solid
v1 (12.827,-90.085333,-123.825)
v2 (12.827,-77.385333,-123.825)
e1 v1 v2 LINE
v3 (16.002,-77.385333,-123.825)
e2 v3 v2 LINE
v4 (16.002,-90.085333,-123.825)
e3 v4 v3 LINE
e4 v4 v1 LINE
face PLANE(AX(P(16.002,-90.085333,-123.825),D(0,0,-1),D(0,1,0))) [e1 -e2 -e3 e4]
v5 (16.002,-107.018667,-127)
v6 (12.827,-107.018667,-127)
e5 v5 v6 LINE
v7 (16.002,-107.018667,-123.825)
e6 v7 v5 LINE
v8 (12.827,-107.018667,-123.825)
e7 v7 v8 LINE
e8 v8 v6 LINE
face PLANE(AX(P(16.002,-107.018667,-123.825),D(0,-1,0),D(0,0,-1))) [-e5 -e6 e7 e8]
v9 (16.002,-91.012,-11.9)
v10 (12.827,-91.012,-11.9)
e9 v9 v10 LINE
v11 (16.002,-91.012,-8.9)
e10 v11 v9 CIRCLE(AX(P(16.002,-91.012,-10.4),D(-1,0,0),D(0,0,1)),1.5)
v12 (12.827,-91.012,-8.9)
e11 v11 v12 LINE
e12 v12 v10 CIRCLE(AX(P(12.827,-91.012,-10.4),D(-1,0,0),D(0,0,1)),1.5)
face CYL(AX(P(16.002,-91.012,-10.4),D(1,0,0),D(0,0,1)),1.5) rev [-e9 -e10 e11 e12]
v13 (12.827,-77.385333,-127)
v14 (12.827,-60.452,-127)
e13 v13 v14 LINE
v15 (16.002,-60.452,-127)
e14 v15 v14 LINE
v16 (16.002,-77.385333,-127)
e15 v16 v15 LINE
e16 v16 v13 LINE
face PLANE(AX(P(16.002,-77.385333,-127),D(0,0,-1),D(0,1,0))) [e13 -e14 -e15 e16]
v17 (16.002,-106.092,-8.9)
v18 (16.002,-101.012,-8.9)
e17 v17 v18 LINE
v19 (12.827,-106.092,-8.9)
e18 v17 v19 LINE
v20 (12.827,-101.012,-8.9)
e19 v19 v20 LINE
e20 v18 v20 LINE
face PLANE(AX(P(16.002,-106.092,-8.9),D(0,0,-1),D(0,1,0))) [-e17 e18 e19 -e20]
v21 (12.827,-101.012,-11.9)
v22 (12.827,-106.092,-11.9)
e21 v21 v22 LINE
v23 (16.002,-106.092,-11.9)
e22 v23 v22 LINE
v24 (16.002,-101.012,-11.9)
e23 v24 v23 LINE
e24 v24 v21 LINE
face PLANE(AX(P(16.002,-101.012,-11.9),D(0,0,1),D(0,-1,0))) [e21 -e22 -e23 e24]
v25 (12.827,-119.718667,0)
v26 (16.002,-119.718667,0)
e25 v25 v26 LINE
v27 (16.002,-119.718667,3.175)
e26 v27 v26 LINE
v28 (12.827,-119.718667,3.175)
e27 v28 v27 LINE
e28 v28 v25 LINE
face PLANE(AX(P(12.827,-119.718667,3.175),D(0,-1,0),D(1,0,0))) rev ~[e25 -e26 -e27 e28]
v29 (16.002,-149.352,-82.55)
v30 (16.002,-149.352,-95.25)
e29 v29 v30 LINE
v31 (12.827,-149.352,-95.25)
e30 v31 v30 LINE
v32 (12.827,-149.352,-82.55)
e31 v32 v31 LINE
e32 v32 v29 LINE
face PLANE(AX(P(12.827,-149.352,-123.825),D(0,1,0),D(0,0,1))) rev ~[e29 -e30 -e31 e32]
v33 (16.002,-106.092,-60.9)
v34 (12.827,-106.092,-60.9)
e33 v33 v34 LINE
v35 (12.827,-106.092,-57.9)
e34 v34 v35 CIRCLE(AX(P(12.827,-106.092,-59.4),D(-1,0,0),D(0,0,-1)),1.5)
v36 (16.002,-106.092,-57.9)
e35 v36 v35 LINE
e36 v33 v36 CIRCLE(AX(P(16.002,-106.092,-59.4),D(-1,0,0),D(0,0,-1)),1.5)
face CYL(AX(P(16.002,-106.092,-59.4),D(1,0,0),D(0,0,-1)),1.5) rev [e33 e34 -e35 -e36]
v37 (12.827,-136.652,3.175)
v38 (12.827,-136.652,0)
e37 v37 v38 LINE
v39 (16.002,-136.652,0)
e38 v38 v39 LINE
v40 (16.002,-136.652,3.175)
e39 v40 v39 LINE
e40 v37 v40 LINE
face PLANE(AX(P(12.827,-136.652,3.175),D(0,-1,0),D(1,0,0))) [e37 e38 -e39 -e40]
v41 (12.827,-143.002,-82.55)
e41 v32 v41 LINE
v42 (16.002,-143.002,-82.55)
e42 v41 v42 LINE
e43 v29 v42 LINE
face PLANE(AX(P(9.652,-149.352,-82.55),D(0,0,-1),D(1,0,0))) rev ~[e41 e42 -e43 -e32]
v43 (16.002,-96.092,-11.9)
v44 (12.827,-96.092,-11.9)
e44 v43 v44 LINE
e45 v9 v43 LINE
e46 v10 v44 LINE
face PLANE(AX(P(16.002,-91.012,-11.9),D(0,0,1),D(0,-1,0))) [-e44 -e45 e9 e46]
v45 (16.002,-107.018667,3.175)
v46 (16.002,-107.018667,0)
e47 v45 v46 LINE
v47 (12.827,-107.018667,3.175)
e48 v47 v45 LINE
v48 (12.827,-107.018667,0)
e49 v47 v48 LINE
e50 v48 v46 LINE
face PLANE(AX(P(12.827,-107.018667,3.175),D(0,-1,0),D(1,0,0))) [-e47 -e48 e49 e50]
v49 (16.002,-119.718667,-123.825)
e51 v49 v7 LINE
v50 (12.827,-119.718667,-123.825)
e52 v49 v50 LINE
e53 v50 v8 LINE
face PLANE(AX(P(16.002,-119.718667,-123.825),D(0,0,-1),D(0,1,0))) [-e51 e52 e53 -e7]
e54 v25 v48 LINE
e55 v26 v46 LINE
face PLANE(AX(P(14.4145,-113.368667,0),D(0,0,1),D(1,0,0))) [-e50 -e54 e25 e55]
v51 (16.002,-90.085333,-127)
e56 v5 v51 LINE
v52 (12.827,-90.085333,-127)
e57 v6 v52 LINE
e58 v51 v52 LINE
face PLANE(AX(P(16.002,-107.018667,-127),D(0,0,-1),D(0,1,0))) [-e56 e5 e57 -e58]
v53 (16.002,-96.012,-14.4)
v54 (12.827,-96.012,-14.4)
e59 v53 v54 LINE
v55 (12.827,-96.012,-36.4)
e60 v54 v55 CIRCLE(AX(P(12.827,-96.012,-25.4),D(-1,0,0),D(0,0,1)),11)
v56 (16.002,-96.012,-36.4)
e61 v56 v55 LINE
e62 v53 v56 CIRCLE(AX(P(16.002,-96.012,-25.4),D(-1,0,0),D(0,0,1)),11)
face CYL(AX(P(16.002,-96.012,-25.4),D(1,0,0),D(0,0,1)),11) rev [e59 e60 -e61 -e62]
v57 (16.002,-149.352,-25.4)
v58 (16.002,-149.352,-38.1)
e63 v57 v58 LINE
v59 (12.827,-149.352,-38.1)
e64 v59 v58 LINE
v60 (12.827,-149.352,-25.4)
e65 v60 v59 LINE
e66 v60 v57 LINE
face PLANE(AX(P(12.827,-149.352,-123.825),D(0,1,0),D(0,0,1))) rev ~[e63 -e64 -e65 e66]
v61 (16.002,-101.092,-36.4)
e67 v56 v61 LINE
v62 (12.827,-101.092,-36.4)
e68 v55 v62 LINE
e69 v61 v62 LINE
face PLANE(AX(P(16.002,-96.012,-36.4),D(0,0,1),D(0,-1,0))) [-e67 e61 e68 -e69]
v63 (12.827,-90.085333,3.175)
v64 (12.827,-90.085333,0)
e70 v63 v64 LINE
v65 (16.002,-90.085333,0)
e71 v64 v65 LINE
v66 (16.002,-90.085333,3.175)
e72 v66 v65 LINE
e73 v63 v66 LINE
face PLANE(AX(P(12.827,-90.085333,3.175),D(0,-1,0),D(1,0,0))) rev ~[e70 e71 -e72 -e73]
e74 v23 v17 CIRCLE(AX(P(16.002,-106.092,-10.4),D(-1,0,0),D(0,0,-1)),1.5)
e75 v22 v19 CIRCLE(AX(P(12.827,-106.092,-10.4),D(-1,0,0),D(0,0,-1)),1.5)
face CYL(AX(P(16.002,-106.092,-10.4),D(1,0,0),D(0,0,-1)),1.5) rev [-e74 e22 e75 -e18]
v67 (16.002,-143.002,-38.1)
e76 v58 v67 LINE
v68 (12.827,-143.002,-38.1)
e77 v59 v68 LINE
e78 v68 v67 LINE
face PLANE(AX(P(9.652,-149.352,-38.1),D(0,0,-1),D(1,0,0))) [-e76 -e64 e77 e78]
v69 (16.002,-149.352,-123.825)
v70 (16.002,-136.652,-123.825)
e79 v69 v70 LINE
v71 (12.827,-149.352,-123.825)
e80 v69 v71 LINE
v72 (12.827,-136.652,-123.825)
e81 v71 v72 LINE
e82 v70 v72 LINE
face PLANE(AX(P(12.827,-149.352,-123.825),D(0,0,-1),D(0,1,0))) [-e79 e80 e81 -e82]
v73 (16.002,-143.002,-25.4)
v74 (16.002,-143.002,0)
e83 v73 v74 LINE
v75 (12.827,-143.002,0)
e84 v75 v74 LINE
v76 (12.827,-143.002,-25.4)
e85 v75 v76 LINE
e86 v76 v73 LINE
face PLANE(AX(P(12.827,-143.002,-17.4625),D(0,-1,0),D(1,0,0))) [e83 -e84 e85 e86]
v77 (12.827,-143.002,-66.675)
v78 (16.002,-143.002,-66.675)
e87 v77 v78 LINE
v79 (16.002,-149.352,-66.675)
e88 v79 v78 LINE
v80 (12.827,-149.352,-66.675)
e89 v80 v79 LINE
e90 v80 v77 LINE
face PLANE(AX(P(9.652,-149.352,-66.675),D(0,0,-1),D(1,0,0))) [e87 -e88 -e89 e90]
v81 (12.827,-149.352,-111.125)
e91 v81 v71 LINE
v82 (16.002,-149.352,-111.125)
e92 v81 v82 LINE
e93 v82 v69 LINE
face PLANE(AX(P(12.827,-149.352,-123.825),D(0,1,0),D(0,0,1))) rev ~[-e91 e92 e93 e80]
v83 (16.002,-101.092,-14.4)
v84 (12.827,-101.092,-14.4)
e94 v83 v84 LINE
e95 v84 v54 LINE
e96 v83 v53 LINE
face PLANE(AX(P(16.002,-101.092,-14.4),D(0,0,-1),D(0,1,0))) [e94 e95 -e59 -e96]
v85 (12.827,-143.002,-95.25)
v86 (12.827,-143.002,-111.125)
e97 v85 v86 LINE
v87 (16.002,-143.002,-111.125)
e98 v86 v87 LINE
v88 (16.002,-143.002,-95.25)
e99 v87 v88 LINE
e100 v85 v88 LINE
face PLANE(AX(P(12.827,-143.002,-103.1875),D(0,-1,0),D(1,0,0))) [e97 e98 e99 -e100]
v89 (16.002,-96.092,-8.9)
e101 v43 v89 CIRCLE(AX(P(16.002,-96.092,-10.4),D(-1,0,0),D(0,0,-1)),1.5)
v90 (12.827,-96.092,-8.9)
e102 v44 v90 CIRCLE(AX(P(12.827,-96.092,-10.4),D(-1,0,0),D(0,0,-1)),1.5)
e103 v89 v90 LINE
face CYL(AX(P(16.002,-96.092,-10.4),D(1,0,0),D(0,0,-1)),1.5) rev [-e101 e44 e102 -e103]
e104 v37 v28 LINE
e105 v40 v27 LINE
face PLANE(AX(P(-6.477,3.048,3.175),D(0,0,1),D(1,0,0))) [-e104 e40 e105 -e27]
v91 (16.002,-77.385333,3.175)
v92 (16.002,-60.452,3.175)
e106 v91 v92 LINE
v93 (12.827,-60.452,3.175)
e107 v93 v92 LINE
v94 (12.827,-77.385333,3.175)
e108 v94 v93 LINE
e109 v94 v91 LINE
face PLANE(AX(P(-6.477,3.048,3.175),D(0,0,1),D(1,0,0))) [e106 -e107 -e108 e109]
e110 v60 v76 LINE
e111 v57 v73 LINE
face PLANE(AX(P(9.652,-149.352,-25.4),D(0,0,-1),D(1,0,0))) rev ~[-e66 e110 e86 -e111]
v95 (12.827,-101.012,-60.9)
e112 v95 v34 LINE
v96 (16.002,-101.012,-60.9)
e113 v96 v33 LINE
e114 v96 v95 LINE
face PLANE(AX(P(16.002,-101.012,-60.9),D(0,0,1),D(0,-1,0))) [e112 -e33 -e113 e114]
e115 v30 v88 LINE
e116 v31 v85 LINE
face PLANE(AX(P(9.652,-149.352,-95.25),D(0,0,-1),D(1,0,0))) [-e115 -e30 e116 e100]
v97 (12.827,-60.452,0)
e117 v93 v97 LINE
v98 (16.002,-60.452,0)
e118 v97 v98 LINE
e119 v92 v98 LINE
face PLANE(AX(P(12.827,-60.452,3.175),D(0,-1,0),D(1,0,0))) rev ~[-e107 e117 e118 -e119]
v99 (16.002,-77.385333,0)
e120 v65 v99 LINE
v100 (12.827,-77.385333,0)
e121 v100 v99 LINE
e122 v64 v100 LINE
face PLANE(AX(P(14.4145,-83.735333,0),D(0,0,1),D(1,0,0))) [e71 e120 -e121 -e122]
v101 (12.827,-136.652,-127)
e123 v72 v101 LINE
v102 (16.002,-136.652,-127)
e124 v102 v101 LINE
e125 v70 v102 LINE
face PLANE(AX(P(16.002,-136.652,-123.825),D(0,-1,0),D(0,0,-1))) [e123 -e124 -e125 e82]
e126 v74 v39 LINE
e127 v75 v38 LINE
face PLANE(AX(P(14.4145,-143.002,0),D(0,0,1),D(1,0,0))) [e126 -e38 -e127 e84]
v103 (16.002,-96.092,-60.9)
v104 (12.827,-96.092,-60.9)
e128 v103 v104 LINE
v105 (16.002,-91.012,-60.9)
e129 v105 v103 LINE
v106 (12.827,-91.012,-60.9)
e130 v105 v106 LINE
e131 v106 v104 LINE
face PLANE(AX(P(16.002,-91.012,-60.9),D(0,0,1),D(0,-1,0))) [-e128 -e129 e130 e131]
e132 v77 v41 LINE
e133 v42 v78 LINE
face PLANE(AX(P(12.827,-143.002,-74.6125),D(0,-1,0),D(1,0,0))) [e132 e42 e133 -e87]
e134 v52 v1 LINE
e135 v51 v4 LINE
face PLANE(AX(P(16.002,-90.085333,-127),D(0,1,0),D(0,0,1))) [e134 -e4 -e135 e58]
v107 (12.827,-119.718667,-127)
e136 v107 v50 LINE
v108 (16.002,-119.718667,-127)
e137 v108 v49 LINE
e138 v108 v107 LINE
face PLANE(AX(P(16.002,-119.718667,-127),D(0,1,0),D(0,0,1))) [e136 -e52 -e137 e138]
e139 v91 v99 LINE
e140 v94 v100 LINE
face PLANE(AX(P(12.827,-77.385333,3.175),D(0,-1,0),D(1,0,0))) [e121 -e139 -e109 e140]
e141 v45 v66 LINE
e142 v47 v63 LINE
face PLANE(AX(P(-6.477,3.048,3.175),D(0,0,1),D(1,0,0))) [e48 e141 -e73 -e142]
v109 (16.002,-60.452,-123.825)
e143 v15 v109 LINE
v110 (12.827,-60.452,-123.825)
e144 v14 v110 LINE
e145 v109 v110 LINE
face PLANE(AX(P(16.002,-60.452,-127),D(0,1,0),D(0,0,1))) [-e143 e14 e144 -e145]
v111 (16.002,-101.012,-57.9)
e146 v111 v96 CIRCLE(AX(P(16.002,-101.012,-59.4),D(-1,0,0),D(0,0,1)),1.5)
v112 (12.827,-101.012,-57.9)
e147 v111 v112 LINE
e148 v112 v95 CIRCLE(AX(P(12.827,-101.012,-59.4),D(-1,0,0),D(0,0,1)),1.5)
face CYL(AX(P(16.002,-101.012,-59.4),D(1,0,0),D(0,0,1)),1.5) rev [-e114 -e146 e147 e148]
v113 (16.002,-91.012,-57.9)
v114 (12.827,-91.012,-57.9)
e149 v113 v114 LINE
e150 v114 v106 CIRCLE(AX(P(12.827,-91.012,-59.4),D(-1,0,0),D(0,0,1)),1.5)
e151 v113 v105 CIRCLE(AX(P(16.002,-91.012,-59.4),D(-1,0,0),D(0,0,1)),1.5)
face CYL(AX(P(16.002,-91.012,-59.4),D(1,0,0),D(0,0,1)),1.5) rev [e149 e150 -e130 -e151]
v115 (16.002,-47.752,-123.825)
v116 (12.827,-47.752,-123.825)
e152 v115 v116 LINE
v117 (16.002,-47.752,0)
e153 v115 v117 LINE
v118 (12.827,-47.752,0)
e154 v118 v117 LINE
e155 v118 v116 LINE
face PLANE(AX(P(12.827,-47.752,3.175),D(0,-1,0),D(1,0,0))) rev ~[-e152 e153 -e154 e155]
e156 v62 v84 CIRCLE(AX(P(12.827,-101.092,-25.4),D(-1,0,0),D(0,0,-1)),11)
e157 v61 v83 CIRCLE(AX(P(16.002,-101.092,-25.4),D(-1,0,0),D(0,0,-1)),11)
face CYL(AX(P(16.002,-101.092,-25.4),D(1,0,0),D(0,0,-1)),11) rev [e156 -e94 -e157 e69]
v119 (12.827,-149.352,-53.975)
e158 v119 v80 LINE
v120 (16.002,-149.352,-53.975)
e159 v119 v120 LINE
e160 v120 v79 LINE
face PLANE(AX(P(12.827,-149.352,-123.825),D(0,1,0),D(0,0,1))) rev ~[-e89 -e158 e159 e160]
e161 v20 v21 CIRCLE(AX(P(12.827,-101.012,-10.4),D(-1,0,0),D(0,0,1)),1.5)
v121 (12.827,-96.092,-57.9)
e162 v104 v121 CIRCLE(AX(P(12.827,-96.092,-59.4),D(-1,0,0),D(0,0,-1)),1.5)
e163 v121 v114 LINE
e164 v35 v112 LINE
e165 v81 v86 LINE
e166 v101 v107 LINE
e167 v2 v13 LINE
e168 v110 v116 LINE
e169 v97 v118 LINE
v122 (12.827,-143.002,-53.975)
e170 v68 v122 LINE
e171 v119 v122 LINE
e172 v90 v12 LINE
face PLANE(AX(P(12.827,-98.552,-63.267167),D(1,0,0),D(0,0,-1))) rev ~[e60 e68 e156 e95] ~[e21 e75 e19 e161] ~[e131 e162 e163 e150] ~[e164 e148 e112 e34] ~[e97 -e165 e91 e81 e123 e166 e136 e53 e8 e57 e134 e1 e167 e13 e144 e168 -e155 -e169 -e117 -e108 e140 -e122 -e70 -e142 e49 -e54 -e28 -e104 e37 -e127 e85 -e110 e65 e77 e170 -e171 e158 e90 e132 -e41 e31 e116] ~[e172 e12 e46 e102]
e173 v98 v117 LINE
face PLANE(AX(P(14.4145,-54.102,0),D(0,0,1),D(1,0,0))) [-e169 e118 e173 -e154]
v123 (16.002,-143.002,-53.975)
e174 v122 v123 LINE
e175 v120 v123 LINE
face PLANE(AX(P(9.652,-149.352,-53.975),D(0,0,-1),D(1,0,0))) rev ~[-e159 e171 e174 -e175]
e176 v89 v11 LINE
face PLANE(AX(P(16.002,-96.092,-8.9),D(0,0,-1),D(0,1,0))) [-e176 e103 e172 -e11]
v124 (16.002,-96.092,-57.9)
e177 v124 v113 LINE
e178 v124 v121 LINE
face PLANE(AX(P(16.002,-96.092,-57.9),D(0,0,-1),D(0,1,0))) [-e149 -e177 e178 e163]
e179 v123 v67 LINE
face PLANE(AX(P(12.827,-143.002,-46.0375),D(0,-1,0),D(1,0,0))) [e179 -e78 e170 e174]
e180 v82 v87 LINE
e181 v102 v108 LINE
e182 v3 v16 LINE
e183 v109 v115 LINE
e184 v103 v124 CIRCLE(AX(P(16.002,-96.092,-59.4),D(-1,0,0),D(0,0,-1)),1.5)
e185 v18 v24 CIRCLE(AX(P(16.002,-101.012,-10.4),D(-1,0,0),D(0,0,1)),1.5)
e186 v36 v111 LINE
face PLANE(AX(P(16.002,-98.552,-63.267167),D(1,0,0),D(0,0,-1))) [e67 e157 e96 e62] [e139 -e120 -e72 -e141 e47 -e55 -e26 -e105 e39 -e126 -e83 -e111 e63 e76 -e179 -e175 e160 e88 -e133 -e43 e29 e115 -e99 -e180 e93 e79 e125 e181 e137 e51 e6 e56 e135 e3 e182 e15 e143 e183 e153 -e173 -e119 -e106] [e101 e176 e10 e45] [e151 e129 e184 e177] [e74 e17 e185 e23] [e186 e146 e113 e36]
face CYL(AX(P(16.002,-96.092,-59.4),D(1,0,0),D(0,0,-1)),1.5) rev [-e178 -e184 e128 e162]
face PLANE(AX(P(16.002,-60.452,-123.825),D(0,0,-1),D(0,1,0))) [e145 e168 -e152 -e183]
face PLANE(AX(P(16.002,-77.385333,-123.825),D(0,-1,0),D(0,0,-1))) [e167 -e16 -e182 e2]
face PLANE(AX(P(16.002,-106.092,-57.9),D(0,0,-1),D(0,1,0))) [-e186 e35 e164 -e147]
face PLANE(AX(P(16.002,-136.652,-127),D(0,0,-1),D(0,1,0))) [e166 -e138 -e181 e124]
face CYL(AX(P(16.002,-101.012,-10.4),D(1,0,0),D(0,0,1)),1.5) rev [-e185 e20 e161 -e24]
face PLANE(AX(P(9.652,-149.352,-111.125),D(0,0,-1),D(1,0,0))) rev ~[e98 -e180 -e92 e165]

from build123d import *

# Parameters (mm, degrees)
SKETCH1_W               = 44.958
SKETCH1_H               = 304.8
BOSS_EXTRUDE1_DEPTH     = 3.175
BOSS_EXTRUDE2_DEPTH     = 3.175
SKETCH3_W               = 123.825
SKETCH3_H               = 6.35
BOSS_EXTRUDE3_DEPTH     = 41.783
SKETCH8_W               = 3.175
SKETCH8_H               = 213.451350416
CUT_EXTRUDE4_DEPTH      = 1
CUT_EXTRUDE4_DEPTH_BACK = 131.175
SKETCH6_W               = 3.175
SKETCH6_H               = 12.7
CUT_EXTRUDE5_DEPTH      = 3.175
SKETCH4_3_W             = 6.35
SKETCH4_3_H             = 15.875
SKETCH4_3_H_2           = 5.588
SKETCH4_3_H_3           = 7.112
CUT_EXTRUDE6_DEPTH      = 6.35


with BuildPart() as part:
    # Sketch1 → Boss-Extrude1 (new body)
    with BuildSketch(Plane.XY):
        with Locations((-6.477, 3.048)):
            Rectangle(SKETCH1_W, SKETCH1_H)
        with BuildLine():
            Line((-3.302, 133.858), (-3.302, -143.002))
            Line((-3.302, -143.002), (3.302, -143.002))
            Line((3.302, -143.002), (3.302, 143.002))
            Line((3.302, 143.002), (-16.256, 143.002))
            Line((-16.256, 143.002), (-16.256, 136.398))
            Line((-16.256, 136.398), (-5.842, 136.398))
            ThreePointArc((-5.842, 136.398), (-4.045948776, 135.654051224), (-3.302, 133.858))
        make_face(mode=Mode.SUBTRACT)
    extrude(amount=BOSS_EXTRUDE1_DEPTH)

    # Sketch2 → Boss-Extrude2 (add)
    with BuildSketch(Plane(origin=(16.002, 0, 0), x_dir=(0, 0, -1), z_dir=(1, 0, 0))):
        Polygon((123.825, -47.752), (-3.175, -47.752), (-3.175, -149.352), (123.825, -149.352), (123.825, -136.652), (127, -136.652), (127, -119.718666667), (123.825, -119.718666667), (123.825, -107.018666667), (127, -107.018666667), (127, -90.085333333), (123.825, -90.085333333), (123.825, -77.385333333), (127, -77.385333333), (127, -60.452), (123.825, -60.452), align=None)
        with BuildLine():
            ThreePointArc((11.9, -106.092), (10.4, -107.592), (8.9, -106.092))
            Line((8.9, -106.092), (8.9, -101.012))
            ThreePointArc((8.9, -101.012), (10.4, -99.512), (11.9, -101.012))
            Line((11.9, -101.012), (11.9, -106.092))
        make_face(mode=Mode.SUBTRACT)
        with BuildLine():
            ThreePointArc((60.9, -106.092), (59.4, -107.592), (57.9, -106.092))
            Line((57.9, -106.092), (57.9, -101.012))
            ThreePointArc((57.9, -101.012), (59.4, -99.512), (60.9, -101.012))
            Line((60.9, -101.012), (60.9, -106.092))
        make_face(mode=Mode.SUBTRACT)
        with BuildLine():
            Line((8.9, -96.092), (8.9, -91.012))
            ThreePointArc((8.9, -91.012), (10.4, -89.512), (11.9, -91.012))
            Line((11.9, -91.012), (11.9, -96.092))
            ThreePointArc((11.9, -96.092), (10.4, -97.592), (8.9, -96.092))
        make_face(mode=Mode.SUBTRACT)
        with BuildLine():
            ThreePointArc((36.4, -101.092), (25.4, -112.092), (14.4, -101.092))
            Line((14.4, -101.092), (14.4, -96.012))
            ThreePointArc((14.4, -96.012), (25.4, -85.012), (36.4, -96.012))
            Line((36.4, -96.012), (36.4, -101.092))
        make_face(mode=Mode.SUBTRACT)
        with BuildLine():
            ThreePointArc((57.9, -91.012), (59.4, -89.512), (60.9, -91.012))
            Line((60.9, -91.012), (60.9, -96.092))
            ThreePointArc((60.9, -96.092), (59.4, -97.592), (57.9, -96.092))
            Line((57.9, -96.092), (57.9, -91.012))
        make_face(mode=Mode.SUBTRACT)
    extrude(amount=-BOSS_EXTRUDE2_DEPTH)

    # Sketch3 → Boss-Extrude3 (add)
    with BuildSketch(Plane.ZY.offset(-12.827)):
        with Locations((-61.9125, -146.177)):
            Rectangle(SKETCH3_W, SKETCH3_H)
    extrude(amount=BOSS_EXTRUDE3_DEPTH)

    # Sketch8 → Cut-Extrude4 (cut, two sides)
    with BuildSketch(Plane.XY.offset(3.175)) as cut_extrude4_sk:
        Polygon((-28.956, -149.352), (12.827, -149.352), (12.827, -47.752), (12.827, 155.448), (-28.956, 155.448), align=None)
        with BuildLine():
            Line((-16.256, 136.398), (-16.256, 143.002))
            Line((-16.256, 143.002), (3.302, 143.002))
            Line((3.302, 143.002), (3.302, -143.002))
            Line((3.302, -143.002), (-3.302, -143.002))
            Line((-3.302, -143.002), (-3.302, 133.858))
            ThreePointArc((-3.302, 133.858), (-4.045948776, 135.654051224), (-5.842, 136.398))
            Line((-5.842, 136.398), (-16.256, 136.398))
        make_face(mode=Mode.SUBTRACT)
        Polygon((-54.223542679, -149.352), (-28.956, -149.352), (-28.956, 155.448), (12.827, 155.448), (12.827, 165.699350416), (-54.223542679, 165.699350416), align=None)
        with Locations((14.4145, 58.973675208)):
            Rectangle(SKETCH8_W, SKETCH8_H)
    extrude(amount=CUT_EXTRUDE4_DEPTH, mode=Mode.SUBTRACT)
    extrude(cut_extrude4_sk.sketch, amount=-CUT_EXTRUDE4_DEPTH_BACK, mode=Mode.SUBTRACT)

    # Sketch6 → Cut-Extrude5 (cut)
    with BuildSketch(Plane.XY.offset(3.175)):
        with Locations((14.4145, -54.102)):
            Rectangle(SKETCH6_W, SKETCH6_H)
        with Locations((14.4145, -83.735333333)):
            Rectangle(SKETCH6_W, SKETCH6_H)
        with Locations((14.4145, -113.368666667)):
            Rectangle(SKETCH6_W, SKETCH6_H)
        with Locations((14.4145, -143.002)):
            Rectangle(SKETCH6_W, SKETCH6_H)
    extrude(amount=-CUT_EXTRUDE5_DEPTH, mode=Mode.SUBTRACT)

    # Sketch4<3> → Cut-Extrude6 (cut)
    with BuildSketch(Plane.XZ.offset(149.352)):
        with Locations((12.827, -103.1875)):
            Rectangle(SKETCH4_3_W, SKETCH4_3_H)
        with Locations((12.827, -74.6125)):
            Rectangle(SKETCH4_3_W, SKETCH4_3_H)
        with Locations((12.827, -46.0375)):
            Rectangle(SKETCH4_3_W, SKETCH4_3_H)
        with Locations((12.827, -17.4625)):
            Rectangle(SKETCH4_3_W, SKETCH4_3_H)
        with Locations((12.827, 0.381)):
            Rectangle(SKETCH4_3_W, SKETCH4_3_H_2)
        with Locations((12.827, -5.969)):
            Rectangle(SKETCH4_3_W, SKETCH4_3_H_3)
    extrude(amount=-CUT_EXTRUDE6_DEPTH, mode=Mode.SUBTRACT)


solid = part.part
